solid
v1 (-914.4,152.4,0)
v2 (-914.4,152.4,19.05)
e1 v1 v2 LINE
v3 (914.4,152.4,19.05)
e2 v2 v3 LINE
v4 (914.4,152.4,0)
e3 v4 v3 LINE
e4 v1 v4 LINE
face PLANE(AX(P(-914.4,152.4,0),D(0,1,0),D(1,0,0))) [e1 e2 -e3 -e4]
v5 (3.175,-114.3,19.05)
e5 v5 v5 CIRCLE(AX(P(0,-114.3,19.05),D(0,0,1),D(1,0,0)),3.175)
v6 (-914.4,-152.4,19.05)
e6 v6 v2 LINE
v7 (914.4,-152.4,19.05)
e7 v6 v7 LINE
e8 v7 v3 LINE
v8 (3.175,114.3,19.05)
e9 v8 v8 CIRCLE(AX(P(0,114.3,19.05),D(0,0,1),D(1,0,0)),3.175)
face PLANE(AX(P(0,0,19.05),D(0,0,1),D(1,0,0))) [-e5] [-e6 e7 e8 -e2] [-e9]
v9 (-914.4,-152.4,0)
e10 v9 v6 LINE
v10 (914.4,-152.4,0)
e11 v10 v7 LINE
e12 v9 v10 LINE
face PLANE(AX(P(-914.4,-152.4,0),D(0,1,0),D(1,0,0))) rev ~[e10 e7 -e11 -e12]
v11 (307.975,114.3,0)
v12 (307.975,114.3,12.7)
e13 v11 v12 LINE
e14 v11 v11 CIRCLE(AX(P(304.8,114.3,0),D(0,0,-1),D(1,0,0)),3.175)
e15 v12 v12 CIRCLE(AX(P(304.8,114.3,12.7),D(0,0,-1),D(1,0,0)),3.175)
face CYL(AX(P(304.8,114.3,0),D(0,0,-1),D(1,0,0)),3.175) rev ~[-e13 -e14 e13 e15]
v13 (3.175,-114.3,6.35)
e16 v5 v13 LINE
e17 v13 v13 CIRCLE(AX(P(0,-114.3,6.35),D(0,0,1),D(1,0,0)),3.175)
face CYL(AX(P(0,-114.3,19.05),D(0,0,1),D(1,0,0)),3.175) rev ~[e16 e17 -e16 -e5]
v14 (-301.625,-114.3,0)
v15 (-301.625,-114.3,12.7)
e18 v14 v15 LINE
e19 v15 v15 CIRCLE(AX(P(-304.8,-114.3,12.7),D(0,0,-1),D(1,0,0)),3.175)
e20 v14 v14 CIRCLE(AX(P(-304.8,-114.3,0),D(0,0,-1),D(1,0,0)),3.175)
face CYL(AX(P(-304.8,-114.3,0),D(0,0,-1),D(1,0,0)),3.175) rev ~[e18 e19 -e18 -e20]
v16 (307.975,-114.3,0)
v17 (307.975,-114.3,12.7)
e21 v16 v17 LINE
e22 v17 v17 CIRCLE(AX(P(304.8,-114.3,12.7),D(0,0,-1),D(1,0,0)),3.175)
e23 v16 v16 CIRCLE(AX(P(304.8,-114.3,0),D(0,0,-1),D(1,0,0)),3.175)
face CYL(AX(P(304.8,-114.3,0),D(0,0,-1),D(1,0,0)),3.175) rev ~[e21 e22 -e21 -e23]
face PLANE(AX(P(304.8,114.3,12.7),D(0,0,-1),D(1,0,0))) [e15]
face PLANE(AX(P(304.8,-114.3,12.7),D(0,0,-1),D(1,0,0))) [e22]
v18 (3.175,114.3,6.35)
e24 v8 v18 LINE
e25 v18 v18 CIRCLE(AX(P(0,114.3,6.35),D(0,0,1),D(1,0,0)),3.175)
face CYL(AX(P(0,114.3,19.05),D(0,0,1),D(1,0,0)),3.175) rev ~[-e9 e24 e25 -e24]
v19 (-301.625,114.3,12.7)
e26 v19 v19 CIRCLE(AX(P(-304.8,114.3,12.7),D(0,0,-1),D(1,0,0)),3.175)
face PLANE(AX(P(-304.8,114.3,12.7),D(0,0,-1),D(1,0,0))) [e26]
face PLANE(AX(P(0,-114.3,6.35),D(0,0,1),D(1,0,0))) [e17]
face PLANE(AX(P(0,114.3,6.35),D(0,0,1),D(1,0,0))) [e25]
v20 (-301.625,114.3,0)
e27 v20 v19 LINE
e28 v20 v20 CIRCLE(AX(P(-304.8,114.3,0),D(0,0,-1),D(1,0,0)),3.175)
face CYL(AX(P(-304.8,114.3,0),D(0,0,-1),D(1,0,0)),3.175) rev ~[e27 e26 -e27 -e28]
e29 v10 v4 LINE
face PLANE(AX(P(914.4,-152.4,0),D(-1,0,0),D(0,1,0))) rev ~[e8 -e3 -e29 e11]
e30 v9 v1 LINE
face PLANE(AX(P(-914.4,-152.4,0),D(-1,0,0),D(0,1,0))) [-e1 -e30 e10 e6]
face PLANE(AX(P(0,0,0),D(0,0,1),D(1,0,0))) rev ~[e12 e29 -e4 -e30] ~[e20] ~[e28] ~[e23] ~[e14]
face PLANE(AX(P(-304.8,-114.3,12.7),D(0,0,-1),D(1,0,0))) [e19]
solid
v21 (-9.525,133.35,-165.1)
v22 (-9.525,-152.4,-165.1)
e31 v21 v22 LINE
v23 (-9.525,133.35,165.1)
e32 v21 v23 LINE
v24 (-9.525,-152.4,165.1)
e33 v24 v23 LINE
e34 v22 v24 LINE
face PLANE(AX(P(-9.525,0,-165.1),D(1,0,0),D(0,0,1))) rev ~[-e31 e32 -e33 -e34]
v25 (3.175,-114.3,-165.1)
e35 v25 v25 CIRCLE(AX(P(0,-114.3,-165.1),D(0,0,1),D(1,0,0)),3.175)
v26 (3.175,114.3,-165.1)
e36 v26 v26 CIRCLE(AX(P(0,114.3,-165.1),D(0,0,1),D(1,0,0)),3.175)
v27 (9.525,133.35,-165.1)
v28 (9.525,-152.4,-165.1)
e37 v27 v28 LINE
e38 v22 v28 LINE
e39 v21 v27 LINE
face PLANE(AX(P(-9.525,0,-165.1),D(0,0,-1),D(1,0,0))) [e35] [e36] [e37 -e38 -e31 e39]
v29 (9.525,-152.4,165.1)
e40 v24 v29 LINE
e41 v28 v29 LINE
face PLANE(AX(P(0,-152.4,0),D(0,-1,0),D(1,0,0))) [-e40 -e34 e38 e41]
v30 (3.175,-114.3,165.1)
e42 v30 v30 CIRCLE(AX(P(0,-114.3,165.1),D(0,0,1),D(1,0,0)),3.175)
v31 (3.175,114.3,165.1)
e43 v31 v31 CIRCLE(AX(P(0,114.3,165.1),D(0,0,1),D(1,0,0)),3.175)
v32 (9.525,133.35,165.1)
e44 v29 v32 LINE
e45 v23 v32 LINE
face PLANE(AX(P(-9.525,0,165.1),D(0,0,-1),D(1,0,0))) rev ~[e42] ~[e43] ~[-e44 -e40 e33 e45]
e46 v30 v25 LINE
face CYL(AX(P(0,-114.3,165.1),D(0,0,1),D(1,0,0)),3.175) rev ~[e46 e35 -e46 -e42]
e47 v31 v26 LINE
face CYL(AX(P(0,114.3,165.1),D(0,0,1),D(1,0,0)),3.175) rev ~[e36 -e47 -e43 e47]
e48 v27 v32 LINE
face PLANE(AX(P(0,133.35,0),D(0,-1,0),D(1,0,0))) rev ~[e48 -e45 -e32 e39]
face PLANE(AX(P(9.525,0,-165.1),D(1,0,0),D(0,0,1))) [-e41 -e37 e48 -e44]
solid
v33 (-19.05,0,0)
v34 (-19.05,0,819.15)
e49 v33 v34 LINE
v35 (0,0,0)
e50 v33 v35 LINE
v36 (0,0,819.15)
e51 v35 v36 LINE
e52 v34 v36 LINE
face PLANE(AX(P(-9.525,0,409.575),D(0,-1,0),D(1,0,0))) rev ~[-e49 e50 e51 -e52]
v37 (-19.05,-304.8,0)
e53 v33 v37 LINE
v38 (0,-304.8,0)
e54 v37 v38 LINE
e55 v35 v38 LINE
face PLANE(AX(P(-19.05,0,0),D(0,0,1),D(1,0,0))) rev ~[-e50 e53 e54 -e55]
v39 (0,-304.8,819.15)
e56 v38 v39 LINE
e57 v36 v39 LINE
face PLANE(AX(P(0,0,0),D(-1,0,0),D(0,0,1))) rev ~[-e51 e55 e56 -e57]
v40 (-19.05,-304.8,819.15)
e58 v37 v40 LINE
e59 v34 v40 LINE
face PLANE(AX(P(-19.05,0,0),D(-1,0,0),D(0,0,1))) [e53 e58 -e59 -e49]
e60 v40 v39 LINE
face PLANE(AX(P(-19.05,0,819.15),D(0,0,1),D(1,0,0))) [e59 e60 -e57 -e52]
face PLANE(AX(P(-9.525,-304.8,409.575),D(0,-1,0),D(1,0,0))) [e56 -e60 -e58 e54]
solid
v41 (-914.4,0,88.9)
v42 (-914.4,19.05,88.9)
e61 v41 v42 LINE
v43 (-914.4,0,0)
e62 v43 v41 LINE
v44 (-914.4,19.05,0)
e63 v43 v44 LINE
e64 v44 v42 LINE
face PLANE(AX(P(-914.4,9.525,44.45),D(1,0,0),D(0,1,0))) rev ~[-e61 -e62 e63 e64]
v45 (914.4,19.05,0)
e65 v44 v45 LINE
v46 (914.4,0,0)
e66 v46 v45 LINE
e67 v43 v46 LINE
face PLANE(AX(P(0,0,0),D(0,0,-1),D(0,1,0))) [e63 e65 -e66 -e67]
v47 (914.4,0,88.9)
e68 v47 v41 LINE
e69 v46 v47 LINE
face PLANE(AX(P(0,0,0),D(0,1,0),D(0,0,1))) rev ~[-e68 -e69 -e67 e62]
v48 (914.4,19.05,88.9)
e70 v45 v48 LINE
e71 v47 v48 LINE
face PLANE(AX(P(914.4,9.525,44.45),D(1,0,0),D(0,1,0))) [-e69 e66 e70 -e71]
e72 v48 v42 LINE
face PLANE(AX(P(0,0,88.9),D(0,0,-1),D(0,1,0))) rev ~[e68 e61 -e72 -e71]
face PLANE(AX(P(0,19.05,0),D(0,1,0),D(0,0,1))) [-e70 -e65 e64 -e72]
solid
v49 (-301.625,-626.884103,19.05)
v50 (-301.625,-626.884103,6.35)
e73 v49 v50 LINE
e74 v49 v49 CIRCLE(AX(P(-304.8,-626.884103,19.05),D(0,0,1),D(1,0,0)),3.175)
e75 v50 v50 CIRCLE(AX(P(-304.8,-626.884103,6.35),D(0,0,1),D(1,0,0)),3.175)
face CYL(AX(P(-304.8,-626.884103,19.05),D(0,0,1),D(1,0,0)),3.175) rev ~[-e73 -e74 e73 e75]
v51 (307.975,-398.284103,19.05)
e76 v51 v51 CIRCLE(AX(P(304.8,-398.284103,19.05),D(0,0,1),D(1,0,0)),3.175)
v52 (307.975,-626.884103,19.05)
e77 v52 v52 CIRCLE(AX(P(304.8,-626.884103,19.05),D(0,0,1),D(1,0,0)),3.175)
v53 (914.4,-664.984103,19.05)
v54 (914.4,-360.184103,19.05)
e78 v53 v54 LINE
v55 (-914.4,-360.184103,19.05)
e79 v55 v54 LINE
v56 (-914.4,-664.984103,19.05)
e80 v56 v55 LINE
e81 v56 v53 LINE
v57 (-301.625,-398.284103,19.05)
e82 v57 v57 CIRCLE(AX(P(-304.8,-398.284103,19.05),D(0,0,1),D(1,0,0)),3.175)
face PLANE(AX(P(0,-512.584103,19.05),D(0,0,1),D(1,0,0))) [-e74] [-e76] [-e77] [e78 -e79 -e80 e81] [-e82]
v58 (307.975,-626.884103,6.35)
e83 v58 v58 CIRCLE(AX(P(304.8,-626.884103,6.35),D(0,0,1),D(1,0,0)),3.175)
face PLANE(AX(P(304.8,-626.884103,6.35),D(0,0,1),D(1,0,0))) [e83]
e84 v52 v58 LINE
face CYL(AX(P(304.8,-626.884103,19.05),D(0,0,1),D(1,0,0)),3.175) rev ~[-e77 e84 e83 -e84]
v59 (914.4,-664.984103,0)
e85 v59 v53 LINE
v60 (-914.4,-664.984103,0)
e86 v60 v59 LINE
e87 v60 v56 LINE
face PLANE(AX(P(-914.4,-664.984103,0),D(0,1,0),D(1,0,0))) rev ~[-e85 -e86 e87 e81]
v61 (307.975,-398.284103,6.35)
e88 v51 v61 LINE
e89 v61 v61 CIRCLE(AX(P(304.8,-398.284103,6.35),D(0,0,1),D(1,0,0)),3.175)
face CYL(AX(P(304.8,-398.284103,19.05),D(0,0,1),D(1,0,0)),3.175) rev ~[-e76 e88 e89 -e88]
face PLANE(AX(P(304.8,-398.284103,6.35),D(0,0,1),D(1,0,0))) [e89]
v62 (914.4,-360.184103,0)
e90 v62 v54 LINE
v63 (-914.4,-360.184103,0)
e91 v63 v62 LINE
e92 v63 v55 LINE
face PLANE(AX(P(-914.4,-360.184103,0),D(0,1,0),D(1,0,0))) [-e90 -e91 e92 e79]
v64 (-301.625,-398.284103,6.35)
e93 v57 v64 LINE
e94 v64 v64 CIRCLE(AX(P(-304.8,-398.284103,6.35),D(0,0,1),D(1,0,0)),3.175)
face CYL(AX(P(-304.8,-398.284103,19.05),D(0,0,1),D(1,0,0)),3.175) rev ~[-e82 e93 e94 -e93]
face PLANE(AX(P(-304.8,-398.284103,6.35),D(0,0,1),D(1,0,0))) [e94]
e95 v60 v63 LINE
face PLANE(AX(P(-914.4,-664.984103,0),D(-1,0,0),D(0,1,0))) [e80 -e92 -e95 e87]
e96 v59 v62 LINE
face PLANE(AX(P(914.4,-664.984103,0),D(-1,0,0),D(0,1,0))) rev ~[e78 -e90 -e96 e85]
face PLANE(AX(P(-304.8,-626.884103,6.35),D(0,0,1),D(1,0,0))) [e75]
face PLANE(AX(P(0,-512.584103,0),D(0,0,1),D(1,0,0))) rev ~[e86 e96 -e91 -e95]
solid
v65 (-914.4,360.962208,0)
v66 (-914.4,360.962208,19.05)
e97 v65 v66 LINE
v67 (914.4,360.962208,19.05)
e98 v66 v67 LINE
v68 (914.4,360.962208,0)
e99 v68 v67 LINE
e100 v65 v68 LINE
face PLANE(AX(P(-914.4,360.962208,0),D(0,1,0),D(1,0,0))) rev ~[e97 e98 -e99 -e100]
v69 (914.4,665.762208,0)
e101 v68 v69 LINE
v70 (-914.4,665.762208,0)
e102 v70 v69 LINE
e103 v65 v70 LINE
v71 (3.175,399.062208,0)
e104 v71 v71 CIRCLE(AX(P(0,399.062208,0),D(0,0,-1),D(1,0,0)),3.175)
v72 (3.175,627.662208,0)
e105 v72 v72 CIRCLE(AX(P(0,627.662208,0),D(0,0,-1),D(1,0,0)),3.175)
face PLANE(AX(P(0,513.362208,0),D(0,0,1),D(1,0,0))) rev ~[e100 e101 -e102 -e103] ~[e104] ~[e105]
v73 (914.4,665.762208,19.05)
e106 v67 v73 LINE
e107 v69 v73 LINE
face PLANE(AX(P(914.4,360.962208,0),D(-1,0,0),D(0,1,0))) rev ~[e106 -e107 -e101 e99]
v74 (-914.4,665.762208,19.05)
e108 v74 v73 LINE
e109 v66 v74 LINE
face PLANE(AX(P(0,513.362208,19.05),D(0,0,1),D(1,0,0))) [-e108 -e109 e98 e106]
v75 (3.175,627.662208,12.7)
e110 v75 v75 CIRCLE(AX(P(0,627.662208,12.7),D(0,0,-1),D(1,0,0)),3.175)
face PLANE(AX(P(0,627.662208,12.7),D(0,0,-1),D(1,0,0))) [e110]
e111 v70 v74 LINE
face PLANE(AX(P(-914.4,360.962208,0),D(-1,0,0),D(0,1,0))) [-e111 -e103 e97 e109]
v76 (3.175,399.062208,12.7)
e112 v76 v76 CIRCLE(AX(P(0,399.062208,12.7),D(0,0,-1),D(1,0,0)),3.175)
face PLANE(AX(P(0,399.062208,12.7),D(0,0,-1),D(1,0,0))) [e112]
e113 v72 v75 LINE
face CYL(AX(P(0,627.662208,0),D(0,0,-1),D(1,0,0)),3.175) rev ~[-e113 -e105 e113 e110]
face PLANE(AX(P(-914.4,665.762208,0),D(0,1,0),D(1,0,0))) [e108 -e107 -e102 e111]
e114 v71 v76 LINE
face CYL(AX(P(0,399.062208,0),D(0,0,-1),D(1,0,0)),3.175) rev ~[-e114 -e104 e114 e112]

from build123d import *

# Parameters (mm, degrees)
F0_W          = 1828.8
F0_H          = 304.8
F1_DEPTH      = 19.05
F2_R          = 3.175
F3_DEPTH      = 12.7
F4_W          = 19.05
F4_H          = 819.15
F5_DEPTH      = 304.8
F6_W          = 19.05
F6_H          = 330.2
F7_DEPTH      = 152.4
F7_DEPTH_BACK = 133.35
F8_R          = 3.175
F9_DEPTH      = 330.201
F10_R         = 3.175
F11_DEPTH     = 12.7
F12_W         = 19.05
F12_H         = 88.9
F13_DEPTH     = 914.4


with BuildPart() as f1:
    # F0 (on Top) → F1 (new body)
    with BuildSketch(Plane.XY):
        with Locations((0, -512.5841030306)):
            Rectangle(F0_W, F0_H)
    extrude(amount=F1_DEPTH)


with BuildPart() as f1b:
    # F0 (on Top) → F1, piece 2 (new body)
    with BuildSketch(Plane.XY):
        Rectangle(F0_W, F0_H)
    extrude(amount=F1_DEPTH)


with BuildPart() as f1c:
    # F0 (on Top) → F1, piece 3 (new body)
    with BuildSketch(Plane.XY):
        with Locations((0, 513.3622078247)):
            Rectangle(F0_W, F0_H)
    extrude(amount=F1_DEPTH)


with BuildPart() as f3_tool:
    # F2 (on face) → F3 (new body)
    with BuildSketch(Plane.XY.offset(19.05)):
        with Locations((0, 114.3)):
            Circle(F2_R)
        with Locations((0, -114.3)):
            Circle(F2_R)
        with Locations((-304.8, -398.2841030306)):
            Circle(F2_R)
        with Locations((-304.8, -626.8841030306)):
            Circle(F2_R)
        with Locations((304.8, -626.8841030306)):
            Circle(F2_R)
        with Locations((304.8, -398.2841030306)):
            Circle(F2_R)
    extrude(amount=-F3_DEPTH)


with BuildPart() as f1_1:
    add(f1.part)

    # F3: cut by f3_tool
    add(f3_tool.part, mode=Mode.SUBTRACT)


with BuildPart() as f1b_1:
    add(f1b.part)

    # F3: cut by f3_tool
    add(f3_tool.part, mode=Mode.SUBTRACT)


with BuildPart() as f5:
    # F4 (on Front) → F5 (new body)
    with BuildSketch(Plane.XZ):
        with Locations((-9.525, 409.575)):
            Rectangle(F4_W, F4_H)
    extrude(amount=F5_DEPTH)


with BuildPart() as f7:
    # F6 (on Front) → F7 (new body, two sides)
    with BuildSketch(Plane.XZ) as f7_sk:
        Rectangle(F6_W, F6_H)
    extrude(amount=F7_DEPTH)
    extrude(f7_sk.sketch, amount=-F7_DEPTH_BACK)

    # F8 (on face) → F9 (cut, through all)
    with BuildSketch(Plane.XY.offset(165.1)):
        with Locations((0, 114.3)):
            Circle(F8_R)
        with Locations((0, -114.3)):
            Circle(F8_R)
    extrude(amount=-F9_DEPTH, mode=Mode.SUBTRACT)


with BuildPart() as f11_tool:
    # F10 (on face) → F11 (new body)
    with BuildSketch(Plane(origin=(0, 0, 0), x_dir=(1, 0, 0), z_dir=(0, 0, -1))):
        with Locations((-304.8, 114.3)):
            Circle(F10_R)
        with Locations((-304.8, -114.3)):
            Circle(F10_R)
        with Locations((304.8, -114.3)):
            Circle(F10_R)
        with Locations((304.8, 114.3)):
            Circle(F10_R)
        with Locations((0, -399.0622078247)):
            Circle(F10_R)
        with Locations((0, -627.6622078247)):
            Circle(F10_R)
    extrude(amount=-F11_DEPTH)


with BuildPart() as f1b_2:
    add(f1b_1.part)

    # F11: cut by f11_tool
    add(f11_tool.part, mode=Mode.SUBTRACT)


with BuildPart() as f1c_1:
    add(f1c.part)

    # F11: cut by f11_tool
    add(f11_tool.part, mode=Mode.SUBTRACT)


with BuildPart() as f13:
    # F12 (on Right) → F13 (new body, symmetric)
    with BuildSketch(Plane.YZ):
        with Locations((9.525, 44.45)):
            Rectangle(F12_W, F12_H)
    extrude(amount=F13_DEPTH, both=True)


solid = Compound([f1_1.part, f5.part, f7.part, f1b_2.part, f1c_1.part, f13.part])
